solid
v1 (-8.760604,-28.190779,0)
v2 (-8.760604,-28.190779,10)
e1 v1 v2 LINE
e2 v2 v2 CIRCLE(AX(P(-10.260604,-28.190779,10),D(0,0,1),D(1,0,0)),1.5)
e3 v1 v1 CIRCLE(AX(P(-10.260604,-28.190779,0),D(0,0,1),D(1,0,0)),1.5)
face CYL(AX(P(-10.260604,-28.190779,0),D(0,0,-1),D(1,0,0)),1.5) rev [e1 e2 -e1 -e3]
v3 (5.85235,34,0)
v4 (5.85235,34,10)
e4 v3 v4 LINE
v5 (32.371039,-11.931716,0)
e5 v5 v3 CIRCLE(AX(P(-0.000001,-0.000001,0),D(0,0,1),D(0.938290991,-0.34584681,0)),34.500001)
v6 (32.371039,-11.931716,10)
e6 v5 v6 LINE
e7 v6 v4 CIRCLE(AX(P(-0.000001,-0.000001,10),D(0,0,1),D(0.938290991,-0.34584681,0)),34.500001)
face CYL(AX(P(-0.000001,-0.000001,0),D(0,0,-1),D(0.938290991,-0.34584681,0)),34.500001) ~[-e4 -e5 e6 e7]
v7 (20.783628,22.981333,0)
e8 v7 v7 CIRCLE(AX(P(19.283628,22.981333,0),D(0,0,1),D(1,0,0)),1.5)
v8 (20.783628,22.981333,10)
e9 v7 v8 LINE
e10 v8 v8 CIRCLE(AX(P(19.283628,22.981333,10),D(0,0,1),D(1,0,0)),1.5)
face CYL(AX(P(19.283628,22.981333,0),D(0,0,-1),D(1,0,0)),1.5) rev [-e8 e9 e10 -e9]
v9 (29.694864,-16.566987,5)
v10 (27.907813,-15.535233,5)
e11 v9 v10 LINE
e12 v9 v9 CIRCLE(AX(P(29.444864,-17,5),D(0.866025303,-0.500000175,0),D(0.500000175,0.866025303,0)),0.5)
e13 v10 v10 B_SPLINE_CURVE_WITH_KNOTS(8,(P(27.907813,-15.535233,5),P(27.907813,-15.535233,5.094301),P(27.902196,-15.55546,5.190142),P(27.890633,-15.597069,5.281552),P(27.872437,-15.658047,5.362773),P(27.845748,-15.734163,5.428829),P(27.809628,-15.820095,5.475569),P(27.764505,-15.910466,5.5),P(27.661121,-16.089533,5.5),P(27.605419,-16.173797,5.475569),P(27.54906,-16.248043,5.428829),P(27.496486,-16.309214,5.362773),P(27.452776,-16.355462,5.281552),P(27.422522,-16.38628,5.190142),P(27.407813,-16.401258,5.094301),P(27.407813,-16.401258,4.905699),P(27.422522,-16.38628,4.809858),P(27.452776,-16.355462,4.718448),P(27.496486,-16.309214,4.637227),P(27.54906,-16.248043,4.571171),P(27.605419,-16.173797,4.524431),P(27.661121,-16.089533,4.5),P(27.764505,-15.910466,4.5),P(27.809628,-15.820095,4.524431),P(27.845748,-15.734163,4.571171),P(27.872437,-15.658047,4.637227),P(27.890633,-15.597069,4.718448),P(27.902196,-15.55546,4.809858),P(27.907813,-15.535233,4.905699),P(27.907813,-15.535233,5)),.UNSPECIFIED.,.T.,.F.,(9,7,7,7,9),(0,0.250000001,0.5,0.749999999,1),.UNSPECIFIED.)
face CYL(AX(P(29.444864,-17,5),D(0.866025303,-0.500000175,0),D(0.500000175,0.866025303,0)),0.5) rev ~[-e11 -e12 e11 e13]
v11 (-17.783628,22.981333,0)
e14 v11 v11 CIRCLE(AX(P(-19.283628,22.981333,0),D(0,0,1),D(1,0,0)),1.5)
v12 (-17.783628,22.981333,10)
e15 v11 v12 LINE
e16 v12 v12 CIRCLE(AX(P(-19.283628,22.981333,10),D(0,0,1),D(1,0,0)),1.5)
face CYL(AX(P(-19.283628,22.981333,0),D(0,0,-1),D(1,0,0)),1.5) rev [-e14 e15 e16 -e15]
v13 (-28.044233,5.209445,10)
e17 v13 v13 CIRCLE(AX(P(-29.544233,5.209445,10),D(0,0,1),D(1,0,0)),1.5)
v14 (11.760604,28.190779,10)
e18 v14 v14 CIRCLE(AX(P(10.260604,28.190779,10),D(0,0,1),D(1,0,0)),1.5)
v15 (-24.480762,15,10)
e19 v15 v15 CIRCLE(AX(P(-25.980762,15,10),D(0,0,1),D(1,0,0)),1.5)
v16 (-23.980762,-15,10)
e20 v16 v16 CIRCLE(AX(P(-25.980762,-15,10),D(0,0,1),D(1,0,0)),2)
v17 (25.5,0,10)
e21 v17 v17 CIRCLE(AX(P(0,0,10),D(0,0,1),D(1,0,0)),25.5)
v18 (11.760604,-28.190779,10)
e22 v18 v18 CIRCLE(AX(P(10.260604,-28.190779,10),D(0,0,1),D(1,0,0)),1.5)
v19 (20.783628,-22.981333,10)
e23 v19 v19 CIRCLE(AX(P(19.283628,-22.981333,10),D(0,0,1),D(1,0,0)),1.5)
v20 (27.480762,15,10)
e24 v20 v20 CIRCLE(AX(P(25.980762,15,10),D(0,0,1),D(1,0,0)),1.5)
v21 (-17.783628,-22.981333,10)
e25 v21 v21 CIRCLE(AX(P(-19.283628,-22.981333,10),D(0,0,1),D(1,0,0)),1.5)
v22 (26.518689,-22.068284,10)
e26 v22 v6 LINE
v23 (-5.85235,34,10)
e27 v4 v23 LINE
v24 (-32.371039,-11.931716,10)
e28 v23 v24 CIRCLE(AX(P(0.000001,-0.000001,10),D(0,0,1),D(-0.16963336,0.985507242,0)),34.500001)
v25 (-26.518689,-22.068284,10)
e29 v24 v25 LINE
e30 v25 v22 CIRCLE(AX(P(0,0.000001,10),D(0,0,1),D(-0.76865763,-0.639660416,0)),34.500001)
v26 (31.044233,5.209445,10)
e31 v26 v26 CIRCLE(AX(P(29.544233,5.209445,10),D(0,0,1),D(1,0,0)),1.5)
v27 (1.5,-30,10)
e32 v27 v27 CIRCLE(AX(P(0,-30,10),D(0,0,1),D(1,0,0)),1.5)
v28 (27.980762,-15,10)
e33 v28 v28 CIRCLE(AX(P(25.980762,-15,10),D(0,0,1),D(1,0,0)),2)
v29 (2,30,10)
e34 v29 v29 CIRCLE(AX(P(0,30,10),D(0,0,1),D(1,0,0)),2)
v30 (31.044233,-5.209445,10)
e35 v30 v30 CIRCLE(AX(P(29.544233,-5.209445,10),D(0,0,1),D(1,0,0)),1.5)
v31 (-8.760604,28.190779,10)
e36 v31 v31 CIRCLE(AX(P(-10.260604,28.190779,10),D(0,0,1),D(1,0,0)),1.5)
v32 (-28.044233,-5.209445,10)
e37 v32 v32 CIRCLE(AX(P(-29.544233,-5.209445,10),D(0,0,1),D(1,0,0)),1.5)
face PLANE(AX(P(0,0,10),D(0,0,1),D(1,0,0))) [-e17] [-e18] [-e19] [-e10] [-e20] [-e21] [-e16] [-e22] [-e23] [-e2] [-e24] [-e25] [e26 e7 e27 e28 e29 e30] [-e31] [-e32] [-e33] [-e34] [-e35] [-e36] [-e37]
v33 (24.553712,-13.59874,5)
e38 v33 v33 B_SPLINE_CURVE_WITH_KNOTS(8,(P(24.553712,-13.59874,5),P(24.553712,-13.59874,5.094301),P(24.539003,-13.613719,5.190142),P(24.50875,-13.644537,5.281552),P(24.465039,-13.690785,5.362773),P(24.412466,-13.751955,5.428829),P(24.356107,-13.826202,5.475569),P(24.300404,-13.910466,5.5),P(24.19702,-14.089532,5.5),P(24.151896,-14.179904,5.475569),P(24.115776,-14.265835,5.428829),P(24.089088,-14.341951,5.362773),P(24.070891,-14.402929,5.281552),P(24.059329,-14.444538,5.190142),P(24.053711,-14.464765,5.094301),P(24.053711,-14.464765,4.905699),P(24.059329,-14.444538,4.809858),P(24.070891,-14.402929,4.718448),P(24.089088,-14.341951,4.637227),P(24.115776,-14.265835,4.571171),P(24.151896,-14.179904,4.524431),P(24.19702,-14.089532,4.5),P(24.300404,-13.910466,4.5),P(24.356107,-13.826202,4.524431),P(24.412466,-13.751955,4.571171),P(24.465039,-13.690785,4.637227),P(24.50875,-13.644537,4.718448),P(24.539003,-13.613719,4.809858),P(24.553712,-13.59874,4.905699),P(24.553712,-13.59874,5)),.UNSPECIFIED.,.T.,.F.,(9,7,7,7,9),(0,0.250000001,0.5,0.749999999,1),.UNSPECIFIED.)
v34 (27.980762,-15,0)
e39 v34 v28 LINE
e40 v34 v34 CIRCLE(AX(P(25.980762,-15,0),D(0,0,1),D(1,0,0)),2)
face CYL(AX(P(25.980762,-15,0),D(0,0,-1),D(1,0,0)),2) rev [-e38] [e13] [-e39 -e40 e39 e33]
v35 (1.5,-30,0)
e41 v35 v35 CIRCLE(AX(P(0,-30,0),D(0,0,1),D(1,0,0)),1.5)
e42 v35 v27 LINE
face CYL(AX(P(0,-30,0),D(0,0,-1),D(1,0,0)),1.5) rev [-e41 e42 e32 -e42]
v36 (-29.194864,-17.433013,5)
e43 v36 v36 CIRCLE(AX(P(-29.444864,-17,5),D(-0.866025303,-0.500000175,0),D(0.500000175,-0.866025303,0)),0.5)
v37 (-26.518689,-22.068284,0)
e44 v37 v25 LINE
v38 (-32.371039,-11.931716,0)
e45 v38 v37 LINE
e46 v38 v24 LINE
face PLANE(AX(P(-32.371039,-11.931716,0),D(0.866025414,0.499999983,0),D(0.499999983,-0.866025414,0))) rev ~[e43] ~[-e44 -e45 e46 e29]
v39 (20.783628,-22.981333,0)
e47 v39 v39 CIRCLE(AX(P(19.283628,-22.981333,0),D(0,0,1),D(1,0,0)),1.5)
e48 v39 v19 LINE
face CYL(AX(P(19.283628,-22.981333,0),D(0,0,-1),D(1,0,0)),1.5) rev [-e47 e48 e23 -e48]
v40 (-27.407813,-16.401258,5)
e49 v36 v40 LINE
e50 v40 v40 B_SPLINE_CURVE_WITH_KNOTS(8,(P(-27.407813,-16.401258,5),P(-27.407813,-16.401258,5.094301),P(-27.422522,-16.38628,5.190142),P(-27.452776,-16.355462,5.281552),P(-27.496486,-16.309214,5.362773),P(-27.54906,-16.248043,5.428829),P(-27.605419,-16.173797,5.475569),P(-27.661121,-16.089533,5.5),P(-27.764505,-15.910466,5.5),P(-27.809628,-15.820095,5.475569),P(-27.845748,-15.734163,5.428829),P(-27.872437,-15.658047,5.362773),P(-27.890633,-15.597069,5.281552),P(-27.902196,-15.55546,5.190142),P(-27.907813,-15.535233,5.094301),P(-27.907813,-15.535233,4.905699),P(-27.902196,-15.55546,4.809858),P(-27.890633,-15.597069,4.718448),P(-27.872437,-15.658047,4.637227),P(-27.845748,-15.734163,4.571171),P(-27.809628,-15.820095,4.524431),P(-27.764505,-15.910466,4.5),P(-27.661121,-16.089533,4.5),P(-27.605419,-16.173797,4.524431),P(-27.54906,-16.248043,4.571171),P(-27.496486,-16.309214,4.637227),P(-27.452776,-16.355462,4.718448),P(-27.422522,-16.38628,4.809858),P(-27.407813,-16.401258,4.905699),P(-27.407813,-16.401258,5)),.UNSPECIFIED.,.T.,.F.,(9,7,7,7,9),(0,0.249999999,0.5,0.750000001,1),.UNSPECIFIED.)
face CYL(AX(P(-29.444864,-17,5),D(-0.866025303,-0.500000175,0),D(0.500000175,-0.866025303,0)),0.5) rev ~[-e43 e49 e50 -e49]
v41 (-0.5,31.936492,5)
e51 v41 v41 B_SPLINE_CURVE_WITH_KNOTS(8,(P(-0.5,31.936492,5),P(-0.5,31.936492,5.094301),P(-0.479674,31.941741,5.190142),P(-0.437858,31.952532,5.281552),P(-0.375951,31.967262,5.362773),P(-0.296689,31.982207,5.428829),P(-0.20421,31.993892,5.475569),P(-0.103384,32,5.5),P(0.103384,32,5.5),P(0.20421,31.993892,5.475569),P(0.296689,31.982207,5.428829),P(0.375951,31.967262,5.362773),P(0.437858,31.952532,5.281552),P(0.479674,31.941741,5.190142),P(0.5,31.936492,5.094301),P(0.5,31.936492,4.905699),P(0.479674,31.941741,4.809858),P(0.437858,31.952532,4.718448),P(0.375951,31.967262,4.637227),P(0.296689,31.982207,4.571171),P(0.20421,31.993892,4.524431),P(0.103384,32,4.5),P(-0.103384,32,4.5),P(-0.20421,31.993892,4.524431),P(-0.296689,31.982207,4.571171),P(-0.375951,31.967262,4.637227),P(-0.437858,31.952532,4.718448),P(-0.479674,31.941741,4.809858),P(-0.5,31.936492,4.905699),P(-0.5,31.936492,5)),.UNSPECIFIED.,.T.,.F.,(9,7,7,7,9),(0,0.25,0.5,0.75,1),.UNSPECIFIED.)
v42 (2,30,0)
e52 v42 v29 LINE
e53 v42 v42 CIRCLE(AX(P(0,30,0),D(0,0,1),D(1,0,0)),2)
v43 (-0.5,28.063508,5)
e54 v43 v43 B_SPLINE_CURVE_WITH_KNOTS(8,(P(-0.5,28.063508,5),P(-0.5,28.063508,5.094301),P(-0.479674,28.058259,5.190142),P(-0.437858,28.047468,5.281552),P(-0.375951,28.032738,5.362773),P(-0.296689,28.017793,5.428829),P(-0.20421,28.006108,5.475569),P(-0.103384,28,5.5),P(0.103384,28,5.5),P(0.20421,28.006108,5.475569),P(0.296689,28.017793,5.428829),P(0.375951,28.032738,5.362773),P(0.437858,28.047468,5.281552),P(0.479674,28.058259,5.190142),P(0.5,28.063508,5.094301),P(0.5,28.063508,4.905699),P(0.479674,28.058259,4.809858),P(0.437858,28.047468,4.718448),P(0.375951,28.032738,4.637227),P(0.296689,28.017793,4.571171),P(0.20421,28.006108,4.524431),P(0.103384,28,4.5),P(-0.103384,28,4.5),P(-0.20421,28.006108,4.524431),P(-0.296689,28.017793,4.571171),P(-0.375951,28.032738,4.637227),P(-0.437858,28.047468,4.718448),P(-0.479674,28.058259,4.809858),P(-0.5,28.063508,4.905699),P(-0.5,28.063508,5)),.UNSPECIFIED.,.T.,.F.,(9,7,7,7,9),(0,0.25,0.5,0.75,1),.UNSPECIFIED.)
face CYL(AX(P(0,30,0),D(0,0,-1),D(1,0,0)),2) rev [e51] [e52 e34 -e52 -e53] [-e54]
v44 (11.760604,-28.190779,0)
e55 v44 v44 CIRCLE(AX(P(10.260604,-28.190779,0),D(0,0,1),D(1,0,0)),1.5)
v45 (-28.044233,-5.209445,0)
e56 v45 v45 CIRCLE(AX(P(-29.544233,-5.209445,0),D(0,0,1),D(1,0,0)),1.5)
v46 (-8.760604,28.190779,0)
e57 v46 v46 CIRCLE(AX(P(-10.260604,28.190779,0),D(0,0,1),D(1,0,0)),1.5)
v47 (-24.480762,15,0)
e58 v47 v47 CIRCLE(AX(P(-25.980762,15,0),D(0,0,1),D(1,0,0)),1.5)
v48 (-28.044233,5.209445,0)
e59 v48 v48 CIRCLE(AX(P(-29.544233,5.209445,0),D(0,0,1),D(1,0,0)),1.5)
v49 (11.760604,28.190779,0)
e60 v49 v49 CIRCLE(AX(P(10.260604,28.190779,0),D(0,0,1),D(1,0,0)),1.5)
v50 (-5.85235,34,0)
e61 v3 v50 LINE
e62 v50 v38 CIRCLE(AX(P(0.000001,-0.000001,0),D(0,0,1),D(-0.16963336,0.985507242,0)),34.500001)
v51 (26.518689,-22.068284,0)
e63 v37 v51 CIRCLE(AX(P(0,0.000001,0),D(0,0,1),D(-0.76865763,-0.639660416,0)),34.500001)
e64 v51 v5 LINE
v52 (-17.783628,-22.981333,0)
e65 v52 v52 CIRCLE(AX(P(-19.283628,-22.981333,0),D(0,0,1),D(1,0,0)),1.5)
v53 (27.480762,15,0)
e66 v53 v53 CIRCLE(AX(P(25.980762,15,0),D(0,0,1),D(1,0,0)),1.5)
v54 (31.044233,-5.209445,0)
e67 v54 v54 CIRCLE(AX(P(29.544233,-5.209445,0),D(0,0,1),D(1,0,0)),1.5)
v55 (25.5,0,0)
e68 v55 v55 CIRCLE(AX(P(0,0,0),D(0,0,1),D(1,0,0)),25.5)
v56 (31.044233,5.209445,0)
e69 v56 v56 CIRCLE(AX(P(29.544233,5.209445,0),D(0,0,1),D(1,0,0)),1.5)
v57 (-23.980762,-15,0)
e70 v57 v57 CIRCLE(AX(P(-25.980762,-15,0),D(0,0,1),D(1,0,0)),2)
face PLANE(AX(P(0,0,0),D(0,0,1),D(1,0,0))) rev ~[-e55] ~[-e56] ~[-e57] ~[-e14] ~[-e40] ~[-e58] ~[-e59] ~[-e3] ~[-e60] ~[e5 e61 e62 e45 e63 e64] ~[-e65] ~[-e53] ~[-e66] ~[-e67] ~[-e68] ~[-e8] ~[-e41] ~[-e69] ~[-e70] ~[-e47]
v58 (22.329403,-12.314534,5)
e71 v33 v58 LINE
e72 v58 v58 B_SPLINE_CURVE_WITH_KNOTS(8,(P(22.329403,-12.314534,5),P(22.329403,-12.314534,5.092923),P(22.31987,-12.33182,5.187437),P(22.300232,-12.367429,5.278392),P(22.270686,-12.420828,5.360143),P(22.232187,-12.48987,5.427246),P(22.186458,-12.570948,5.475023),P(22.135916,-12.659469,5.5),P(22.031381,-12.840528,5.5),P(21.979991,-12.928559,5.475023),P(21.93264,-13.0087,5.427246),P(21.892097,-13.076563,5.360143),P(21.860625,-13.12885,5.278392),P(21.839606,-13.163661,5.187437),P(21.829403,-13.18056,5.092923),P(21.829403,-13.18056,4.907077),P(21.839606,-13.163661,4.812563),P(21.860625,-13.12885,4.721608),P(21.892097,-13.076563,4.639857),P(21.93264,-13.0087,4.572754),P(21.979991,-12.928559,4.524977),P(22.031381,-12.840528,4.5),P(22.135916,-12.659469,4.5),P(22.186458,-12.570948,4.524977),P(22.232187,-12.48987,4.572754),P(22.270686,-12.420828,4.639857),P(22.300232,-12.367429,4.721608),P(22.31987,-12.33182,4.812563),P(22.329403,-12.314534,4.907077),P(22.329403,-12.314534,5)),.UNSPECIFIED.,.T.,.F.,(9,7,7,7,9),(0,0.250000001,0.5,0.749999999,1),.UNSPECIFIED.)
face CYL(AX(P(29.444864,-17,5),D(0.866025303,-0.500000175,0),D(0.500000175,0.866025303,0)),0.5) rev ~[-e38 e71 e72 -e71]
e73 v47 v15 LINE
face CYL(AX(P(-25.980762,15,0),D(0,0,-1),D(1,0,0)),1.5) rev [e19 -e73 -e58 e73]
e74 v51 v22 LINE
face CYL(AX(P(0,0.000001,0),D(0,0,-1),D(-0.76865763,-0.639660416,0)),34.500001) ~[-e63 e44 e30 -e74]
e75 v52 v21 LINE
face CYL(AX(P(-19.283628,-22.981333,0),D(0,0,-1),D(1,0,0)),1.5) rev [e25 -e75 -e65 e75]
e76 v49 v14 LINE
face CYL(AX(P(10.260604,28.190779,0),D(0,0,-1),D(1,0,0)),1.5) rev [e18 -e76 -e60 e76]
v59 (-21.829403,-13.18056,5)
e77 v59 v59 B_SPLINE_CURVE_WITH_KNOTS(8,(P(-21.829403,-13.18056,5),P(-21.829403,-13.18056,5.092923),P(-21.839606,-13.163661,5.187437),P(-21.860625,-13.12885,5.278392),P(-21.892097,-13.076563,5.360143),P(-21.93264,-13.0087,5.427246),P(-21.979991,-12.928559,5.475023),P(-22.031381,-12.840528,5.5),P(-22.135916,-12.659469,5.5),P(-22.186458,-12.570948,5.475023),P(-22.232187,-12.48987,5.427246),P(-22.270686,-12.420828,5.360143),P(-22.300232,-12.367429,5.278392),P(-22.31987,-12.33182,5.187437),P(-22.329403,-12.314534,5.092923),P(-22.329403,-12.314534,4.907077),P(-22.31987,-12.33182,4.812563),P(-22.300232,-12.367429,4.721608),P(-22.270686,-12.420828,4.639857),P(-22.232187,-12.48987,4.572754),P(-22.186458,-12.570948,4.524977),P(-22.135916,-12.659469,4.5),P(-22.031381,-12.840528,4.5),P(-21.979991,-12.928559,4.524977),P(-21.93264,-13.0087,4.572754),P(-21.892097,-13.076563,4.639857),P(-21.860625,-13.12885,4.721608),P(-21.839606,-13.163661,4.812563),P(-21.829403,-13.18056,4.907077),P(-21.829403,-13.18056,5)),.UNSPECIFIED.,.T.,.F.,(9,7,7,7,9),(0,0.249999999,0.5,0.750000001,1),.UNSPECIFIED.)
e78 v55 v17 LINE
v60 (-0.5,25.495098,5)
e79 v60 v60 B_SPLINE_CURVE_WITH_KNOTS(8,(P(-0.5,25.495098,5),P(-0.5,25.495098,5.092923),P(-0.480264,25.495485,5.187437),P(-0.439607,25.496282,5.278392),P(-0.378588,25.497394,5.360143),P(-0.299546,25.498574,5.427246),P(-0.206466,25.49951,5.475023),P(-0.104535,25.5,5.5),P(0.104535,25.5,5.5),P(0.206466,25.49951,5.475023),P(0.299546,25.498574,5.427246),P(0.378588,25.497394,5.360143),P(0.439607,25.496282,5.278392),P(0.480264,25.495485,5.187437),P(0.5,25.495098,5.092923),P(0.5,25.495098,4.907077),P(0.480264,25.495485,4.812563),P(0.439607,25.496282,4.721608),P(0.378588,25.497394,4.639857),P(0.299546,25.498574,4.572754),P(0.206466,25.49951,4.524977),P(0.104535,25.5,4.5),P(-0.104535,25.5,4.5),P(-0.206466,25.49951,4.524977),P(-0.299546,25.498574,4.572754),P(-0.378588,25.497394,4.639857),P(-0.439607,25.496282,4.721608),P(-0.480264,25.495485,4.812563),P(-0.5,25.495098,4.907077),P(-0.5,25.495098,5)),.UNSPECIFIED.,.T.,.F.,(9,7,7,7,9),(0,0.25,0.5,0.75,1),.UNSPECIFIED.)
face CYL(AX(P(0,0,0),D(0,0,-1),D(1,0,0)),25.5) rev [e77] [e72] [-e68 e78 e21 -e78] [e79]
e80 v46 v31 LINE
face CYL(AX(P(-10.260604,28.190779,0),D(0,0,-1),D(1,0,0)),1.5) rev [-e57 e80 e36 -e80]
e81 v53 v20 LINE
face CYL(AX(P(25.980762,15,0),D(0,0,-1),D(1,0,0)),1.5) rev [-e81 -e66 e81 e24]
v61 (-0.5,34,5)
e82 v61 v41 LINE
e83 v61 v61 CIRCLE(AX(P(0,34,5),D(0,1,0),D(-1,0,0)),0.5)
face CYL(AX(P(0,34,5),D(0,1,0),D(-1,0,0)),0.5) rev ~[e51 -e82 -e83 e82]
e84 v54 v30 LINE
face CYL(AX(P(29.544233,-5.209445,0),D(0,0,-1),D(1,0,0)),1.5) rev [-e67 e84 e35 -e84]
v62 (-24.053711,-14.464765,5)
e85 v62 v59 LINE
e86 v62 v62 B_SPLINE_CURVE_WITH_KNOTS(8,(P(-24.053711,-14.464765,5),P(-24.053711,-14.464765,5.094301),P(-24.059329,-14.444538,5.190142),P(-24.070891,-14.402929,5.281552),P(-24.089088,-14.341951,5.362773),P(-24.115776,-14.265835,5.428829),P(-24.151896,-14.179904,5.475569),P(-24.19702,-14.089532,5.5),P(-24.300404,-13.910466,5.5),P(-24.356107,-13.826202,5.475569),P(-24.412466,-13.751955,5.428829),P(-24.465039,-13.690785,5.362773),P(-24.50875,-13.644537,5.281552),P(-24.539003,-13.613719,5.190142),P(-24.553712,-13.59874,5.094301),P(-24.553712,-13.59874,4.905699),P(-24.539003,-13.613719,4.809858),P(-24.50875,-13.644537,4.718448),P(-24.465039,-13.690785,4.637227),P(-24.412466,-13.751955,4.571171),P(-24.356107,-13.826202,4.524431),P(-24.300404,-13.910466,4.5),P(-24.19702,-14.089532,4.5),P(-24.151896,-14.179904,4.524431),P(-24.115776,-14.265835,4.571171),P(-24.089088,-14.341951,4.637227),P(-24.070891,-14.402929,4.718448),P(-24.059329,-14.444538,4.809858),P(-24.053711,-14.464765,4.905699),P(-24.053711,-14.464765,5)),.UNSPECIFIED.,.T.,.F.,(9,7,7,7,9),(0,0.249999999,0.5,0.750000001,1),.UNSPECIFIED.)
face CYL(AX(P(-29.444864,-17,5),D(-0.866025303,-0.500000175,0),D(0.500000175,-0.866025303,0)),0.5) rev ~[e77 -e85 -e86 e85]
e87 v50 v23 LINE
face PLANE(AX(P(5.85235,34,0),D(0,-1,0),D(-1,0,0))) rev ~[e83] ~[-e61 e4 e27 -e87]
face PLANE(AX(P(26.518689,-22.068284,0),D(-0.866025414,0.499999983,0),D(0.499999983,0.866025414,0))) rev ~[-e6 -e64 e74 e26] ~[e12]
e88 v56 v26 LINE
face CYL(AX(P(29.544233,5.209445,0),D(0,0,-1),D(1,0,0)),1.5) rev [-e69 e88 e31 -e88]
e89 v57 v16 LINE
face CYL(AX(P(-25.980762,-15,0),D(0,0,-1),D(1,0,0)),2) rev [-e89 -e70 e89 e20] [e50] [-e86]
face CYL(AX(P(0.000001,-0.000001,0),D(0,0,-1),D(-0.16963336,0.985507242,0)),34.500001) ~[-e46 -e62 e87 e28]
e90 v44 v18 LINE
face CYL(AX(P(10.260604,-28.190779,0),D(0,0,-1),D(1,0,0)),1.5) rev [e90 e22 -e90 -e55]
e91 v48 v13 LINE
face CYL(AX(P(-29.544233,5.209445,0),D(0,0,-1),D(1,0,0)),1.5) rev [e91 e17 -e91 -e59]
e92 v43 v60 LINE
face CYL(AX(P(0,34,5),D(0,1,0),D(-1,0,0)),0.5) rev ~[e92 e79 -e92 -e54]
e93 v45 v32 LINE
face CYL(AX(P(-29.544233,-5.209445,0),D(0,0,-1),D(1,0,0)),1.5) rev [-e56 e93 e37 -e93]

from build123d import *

# Parameters (mm, degrees)
F0_R     = 1.5
F0_R_2   = 2
F0_R_3   = 25.5
F1_DEPTH = 10
F2_R     = 0.5
F3_DEPTH = 15
F4_R     = 0.5
F5_DEPTH = 15
F6_R     = 0.5
F7_DEPTH = 15


with BuildPart() as f1:
    # F0 (on Top) → F1 (new body)
    with BuildSketch(Plane.XY):
        with BuildLine():
            Line((-32.371039, -11.931716), (-26.518689, -22.068284))
            ThreePointArc((-26.518689, -22.068284), (0, -34.5), (26.518689, -22.068284))
            Line((26.518689, -22.068284), (32.371039, -11.931716))
            ThreePointArc((32.371039, -11.931716), (29.877876, 17.25), (5.85235, 34))
            Line((5.85235, 34), (-5.85235, 34))
            ThreePointArc((-5.85235, 34), (-29.877876, 17.25), (-32.371039, -11.931716))
        make_face()
        with Locations((-19.283628, -22.981333)):
            Circle(F0_R, mode=Mode.SUBTRACT)
        with Locations((-10.260604, -28.190779)):
            Circle(F0_R, mode=Mode.SUBTRACT)
        with Locations((-25.980762, -15)):
            Circle(F0_R_2, mode=Mode.SUBTRACT)
        with Locations((-29.544233, -5.209445)):
            Circle(F0_R, mode=Mode.SUBTRACT)
        with Locations((0, -30)):
            Circle(F0_R, mode=Mode.SUBTRACT)
        with Locations((10.260604, -28.190779)):
            Circle(F0_R, mode=Mode.SUBTRACT)
        with Locations((19.283628, -22.981333)):
            Circle(F0_R, mode=Mode.SUBTRACT)
        with Locations((25.980762, -15)):
            Circle(F0_R_2, mode=Mode.SUBTRACT)
        with Locations((29.544233, -5.209445)):
            Circle(F0_R, mode=Mode.SUBTRACT)
        with Locations((-29.544233, 5.209445)):
            Circle(F0_R, mode=Mode.SUBTRACT)
        with Locations((-25.980762, 15)):
            Circle(F0_R, mode=Mode.SUBTRACT)
        with Locations((-19.283628, 22.981333)):
            Circle(F0_R, mode=Mode.SUBTRACT)
        with Locations((-10.260604, 28.190779)):
            Circle(F0_R, mode=Mode.SUBTRACT)
        Circle(F0_R_3, mode=Mode.SUBTRACT)
        with Locations((29.544233, 5.209445)):
            Circle(F0_R, mode=Mode.SUBTRACT)
        with Locations((25.980762, 15)):
            Circle(F0_R, mode=Mode.SUBTRACT)
        with Locations((0, 30)):
            Circle(F0_R_2, mode=Mode.SUBTRACT)
        with Locations((10.260604, 28.190779)):
            Circle(F0_R, mode=Mode.SUBTRACT)
        with Locations((19.283628, 22.981333)):
            Circle(F0_R, mode=Mode.SUBTRACT)
    extrude(amount=F1_DEPTH)

    # F2 (on face) → F3 (cut)
    with BuildSketch(Plane(origin=(29.444864, -17, 0), x_dir=(0.5, 0.866025, 0), z_dir=(0.866025, -0.5, 0))):
        with Locations((0, 5)):
            Circle(F2_R)
    extrude(amount=-F3_DEPTH, mode=Mode.SUBTRACT)

    # F4 (on face) → F5 (cut)
    with BuildSketch(Plane(origin=(0, 34, 0), x_dir=(-1, 0, 0), z_dir=(0, 1, 0))):
        with Locations((0, 5)):
            Circle(F4_R)
    extrude(amount=-F5_DEPTH, mode=Mode.SUBTRACT)

    # F6 (on face) → F7 (cut)
    with BuildSketch(Plane(origin=(-29.444864, -17, 0), x_dir=(0.5, -0.866025, 0), z_dir=(-0.866025, -0.5, 0))):
        with Locations((0, 5)):
            Circle(F6_R)
    extrude(amount=-F7_DEPTH, mode=Mode.SUBTRACT)


solid = f1.part
